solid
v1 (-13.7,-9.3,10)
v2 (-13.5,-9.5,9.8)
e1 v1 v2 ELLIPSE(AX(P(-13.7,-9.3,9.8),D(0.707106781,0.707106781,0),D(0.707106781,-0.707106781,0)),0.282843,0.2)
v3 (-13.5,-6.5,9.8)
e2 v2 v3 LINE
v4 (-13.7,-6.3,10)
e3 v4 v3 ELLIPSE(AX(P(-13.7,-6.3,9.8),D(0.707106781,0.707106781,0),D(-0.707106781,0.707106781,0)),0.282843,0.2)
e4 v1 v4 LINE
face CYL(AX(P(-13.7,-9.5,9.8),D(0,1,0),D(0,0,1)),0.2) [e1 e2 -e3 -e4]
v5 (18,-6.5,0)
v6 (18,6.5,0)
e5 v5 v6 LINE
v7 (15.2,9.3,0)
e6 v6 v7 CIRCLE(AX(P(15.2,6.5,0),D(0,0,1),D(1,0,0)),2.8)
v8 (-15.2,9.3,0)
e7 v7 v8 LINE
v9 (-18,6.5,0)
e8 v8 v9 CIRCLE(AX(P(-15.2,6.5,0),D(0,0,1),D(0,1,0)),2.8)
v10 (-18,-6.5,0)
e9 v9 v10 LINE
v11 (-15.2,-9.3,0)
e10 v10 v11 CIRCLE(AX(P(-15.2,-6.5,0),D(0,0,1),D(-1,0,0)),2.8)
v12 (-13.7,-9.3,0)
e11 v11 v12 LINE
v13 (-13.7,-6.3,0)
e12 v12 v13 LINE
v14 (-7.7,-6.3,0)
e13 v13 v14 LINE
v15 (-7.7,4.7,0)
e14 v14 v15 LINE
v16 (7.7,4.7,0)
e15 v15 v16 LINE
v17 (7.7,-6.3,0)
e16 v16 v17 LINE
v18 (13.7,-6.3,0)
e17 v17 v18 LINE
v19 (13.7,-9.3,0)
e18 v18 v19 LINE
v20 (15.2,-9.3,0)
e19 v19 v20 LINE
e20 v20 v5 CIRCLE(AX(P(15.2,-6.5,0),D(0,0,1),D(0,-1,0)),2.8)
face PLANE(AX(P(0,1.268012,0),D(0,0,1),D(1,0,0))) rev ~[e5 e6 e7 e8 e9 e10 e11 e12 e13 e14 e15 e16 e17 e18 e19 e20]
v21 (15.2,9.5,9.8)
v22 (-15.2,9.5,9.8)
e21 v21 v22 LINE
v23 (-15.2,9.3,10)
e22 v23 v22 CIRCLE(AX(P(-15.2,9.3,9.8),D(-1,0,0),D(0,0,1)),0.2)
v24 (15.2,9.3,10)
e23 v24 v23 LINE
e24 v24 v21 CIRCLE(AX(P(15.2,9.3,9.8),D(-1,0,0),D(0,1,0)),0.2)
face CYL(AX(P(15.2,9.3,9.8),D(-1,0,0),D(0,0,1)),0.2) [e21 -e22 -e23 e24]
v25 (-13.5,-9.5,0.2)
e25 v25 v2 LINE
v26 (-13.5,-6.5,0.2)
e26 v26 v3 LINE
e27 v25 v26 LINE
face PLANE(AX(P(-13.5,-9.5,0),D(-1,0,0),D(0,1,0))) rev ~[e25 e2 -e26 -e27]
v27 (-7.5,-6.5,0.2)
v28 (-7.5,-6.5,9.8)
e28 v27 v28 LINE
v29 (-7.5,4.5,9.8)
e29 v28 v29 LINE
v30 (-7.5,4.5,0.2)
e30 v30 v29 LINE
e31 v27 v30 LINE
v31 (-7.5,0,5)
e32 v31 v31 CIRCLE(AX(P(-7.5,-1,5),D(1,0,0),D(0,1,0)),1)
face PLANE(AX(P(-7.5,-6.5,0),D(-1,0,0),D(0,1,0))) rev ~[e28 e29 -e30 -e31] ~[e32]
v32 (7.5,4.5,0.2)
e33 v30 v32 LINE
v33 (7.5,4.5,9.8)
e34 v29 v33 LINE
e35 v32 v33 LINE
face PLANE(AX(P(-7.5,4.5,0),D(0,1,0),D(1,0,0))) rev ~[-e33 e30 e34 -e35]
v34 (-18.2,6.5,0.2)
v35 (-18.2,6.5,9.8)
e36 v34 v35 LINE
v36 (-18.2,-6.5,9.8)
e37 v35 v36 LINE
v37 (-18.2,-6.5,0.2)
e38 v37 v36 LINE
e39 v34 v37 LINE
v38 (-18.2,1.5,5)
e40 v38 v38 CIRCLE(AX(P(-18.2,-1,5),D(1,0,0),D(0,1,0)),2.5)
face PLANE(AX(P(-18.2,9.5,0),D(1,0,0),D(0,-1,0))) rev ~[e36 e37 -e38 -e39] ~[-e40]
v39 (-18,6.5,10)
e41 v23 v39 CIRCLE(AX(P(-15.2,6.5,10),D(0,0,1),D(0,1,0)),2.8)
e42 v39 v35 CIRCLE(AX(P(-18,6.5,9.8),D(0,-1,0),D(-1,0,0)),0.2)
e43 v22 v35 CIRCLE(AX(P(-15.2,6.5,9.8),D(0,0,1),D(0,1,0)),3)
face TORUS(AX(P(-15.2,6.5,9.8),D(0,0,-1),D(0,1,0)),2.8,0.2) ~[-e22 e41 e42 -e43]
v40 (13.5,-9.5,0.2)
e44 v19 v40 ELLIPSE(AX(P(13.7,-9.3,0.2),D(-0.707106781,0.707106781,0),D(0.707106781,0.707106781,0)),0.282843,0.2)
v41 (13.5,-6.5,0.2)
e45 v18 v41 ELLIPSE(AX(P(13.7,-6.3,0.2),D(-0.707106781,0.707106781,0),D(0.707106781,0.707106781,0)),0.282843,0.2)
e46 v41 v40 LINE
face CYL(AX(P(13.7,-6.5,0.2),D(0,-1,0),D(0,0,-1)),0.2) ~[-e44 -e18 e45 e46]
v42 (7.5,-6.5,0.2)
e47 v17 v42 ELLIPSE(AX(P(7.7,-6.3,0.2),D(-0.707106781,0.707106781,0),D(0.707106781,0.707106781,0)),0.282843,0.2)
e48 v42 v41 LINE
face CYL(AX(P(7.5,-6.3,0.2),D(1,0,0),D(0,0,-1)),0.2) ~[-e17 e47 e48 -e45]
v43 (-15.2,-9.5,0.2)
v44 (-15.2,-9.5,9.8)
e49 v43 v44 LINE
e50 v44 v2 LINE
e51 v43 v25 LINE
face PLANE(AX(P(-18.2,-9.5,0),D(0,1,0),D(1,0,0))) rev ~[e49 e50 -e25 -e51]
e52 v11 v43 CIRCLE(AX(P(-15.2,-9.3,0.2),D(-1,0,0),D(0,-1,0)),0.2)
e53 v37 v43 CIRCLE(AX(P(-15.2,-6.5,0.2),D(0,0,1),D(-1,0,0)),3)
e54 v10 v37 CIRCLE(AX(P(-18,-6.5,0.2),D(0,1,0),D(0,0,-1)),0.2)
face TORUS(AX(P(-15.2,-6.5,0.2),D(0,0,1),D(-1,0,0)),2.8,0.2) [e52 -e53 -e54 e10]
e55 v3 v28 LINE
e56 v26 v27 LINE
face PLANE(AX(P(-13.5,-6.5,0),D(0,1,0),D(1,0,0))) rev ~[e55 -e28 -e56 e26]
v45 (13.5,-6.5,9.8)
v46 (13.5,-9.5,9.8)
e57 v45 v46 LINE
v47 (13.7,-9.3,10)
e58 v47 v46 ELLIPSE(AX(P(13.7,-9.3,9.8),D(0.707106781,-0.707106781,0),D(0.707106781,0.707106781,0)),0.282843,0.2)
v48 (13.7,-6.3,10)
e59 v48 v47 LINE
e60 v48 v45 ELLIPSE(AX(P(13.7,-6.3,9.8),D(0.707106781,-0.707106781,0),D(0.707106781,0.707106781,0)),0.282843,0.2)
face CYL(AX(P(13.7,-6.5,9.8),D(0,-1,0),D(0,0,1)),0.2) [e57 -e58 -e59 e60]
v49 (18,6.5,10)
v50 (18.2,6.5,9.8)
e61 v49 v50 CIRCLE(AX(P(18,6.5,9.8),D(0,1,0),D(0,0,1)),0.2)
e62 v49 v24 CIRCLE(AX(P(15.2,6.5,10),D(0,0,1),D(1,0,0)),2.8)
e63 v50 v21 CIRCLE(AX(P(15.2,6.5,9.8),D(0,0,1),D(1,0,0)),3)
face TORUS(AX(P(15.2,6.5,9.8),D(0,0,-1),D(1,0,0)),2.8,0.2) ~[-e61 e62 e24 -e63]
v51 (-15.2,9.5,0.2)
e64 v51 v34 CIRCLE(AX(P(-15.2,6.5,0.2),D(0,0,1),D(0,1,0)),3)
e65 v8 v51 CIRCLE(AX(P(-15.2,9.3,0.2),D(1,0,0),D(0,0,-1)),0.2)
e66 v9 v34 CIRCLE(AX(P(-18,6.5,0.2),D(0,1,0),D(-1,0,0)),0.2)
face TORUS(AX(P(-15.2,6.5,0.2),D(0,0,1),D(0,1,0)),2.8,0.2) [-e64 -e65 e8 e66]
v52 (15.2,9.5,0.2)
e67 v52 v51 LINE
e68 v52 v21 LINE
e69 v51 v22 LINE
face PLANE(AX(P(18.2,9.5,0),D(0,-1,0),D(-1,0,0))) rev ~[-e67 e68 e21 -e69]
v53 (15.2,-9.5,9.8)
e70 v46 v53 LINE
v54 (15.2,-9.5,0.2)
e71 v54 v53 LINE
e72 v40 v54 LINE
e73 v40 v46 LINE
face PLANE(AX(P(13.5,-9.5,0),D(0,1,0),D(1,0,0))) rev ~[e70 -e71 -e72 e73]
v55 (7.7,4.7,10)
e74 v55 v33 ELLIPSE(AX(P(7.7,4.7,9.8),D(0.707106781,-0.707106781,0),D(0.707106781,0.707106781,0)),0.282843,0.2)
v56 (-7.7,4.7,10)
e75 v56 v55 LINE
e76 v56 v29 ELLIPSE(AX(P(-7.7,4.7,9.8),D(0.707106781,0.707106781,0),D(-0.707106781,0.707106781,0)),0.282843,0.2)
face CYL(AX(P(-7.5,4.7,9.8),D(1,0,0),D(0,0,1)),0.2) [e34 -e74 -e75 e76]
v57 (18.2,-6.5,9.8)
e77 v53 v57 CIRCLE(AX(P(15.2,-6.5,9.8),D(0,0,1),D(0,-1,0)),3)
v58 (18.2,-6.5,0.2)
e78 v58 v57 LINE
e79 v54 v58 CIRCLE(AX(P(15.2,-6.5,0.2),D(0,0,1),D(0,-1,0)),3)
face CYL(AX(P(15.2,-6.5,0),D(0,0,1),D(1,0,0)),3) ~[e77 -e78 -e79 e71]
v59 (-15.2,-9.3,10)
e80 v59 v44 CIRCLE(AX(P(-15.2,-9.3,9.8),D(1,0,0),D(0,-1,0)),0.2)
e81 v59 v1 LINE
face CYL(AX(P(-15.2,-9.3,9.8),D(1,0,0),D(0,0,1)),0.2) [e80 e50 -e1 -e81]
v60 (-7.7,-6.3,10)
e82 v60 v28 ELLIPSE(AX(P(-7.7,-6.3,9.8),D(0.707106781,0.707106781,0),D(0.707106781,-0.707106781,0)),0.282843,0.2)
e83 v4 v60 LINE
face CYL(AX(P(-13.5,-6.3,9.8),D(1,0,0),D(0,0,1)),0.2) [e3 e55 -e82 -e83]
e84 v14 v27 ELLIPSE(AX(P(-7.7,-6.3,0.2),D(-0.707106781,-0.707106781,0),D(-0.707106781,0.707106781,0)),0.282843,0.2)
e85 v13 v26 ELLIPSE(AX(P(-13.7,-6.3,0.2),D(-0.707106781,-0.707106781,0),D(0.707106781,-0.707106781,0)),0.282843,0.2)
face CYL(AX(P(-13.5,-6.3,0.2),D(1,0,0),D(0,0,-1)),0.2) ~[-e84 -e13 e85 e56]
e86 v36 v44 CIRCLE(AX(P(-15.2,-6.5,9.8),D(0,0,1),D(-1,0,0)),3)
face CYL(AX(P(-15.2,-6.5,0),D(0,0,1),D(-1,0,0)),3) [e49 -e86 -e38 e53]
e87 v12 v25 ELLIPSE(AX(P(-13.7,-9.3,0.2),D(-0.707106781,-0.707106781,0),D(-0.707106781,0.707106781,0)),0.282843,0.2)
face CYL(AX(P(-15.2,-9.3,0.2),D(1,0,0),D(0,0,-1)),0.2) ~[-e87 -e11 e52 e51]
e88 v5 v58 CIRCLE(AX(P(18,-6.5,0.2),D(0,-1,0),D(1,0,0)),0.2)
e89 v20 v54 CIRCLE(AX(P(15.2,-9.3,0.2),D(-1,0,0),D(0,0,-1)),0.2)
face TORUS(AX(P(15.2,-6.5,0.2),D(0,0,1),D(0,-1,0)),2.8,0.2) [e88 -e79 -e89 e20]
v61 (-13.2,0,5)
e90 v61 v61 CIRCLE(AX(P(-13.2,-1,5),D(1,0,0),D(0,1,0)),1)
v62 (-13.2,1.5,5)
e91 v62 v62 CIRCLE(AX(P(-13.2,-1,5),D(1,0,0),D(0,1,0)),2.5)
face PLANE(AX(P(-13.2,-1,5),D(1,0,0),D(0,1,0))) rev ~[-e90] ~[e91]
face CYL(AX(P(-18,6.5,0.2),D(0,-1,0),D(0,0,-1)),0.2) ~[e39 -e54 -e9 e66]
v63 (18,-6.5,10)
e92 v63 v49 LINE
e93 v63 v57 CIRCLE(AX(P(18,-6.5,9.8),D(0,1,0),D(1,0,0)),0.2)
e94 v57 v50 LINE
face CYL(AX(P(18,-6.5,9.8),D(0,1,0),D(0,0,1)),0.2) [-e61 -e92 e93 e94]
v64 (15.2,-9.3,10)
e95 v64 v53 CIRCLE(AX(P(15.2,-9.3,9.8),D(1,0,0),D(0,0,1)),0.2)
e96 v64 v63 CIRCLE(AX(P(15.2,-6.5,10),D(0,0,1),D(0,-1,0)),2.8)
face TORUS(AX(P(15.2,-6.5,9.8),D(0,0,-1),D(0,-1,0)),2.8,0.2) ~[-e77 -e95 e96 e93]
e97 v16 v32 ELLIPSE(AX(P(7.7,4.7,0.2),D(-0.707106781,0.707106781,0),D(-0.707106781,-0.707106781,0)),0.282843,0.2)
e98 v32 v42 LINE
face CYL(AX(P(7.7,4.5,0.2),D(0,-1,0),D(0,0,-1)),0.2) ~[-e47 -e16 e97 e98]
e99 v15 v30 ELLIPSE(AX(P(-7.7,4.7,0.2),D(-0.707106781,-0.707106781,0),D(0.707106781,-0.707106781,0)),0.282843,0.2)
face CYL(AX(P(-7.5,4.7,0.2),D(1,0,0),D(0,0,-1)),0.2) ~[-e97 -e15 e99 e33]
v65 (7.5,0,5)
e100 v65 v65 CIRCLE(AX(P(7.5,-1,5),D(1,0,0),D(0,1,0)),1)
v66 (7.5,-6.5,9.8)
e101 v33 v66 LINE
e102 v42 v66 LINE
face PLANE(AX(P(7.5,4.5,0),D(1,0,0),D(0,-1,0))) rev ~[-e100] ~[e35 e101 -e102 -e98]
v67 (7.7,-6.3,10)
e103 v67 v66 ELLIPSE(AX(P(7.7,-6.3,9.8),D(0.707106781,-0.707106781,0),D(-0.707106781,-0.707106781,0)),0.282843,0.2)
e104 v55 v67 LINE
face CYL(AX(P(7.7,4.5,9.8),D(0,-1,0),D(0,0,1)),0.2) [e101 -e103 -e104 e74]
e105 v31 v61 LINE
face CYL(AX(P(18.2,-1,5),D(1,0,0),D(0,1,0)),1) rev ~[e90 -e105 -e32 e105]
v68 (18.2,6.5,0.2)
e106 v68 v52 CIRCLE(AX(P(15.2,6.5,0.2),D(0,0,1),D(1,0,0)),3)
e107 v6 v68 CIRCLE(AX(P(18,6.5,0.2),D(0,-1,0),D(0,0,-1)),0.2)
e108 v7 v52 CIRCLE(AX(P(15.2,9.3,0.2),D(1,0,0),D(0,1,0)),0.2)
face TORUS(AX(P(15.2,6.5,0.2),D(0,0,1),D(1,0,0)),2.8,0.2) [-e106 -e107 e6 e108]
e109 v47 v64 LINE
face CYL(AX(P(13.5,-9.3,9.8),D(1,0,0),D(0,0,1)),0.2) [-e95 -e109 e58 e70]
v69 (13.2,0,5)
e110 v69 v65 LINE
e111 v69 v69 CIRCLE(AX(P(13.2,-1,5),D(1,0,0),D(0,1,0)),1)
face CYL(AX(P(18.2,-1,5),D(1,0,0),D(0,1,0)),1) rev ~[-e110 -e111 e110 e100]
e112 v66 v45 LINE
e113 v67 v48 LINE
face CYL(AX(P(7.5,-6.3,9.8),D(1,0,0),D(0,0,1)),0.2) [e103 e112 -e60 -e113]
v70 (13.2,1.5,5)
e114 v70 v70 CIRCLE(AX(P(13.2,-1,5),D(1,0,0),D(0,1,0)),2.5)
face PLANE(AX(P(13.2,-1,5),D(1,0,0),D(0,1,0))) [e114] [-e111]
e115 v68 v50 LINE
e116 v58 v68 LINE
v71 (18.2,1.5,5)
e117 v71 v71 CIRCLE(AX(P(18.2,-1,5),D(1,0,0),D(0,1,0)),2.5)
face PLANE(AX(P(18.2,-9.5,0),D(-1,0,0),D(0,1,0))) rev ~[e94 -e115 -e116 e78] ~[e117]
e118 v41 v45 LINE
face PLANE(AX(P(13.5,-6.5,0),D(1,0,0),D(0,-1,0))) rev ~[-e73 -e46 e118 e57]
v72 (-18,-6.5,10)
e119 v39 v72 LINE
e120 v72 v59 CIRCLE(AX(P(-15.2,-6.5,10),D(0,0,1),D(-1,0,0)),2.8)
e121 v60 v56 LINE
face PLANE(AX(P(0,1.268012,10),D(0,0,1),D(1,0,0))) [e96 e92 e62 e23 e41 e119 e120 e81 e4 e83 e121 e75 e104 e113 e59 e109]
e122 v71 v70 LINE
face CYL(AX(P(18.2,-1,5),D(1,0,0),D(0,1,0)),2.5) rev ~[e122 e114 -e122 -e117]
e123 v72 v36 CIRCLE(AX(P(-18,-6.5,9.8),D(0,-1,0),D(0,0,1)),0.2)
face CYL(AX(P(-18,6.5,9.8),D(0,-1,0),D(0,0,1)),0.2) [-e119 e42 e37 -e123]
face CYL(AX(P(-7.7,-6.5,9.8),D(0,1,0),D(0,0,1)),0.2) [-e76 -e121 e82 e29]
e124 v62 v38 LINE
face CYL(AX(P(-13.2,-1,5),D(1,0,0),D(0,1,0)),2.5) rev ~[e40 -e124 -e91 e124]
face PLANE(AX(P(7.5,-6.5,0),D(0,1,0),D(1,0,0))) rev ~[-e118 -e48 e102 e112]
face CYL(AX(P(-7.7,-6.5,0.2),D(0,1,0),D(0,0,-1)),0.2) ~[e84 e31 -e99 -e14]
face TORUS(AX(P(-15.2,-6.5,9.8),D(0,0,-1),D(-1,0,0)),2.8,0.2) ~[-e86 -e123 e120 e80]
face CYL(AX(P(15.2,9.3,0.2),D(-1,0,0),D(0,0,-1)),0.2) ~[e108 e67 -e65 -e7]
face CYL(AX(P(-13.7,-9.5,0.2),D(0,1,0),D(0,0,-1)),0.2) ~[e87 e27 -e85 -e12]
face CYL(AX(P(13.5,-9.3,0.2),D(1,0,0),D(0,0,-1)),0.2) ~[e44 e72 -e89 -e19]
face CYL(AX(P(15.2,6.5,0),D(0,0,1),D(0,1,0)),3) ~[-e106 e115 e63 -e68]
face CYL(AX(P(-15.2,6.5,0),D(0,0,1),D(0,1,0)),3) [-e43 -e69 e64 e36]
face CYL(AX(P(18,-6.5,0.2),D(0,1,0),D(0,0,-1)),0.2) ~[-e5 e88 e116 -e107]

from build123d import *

# Parameters (mm, degrees)
EXTRUDE_1_DEPTH     = 10
SKETCH_2_R          = 1
CUT_EXTRUDE_1_DEPTH = 39.925698452
SKETCH_3_R          = 2.5
CUT_EXTRUDE_2_DEPTH = 5
CUT_EXTRUDE_START   = -31.4
SKETCH_3_2_R        = 2.5
CUT_EXTRUDE_3_DEPTH = 5
FILLET_1_R          = 3
FILLET_2_R          = 0.2


with BuildPart() as part:
    # 스케치1 → 보스-돌출1 (new body)
    with BuildSketch(Plane.XY):
        Polygon((18.2, 9.5), (-18.2, 9.5), (-18.2, -9.5), (-13.5, -9.5), (-13.5, -6.5), (-7.5, -6.5), (-7.5, 4.5), (7.5, 4.5), (7.5, -6.5), (13.5, -6.5), (13.5, -9.5), (18.2, -9.5), align=None)
    extrude(amount=EXTRUDE_1_DEPTH)

    # 스케치2 → 컷-돌출1 (cut, through all)
    with BuildSketch(Plane(origin=(18.2, 0, 0), x_dir=(0, 0, -1), z_dir=(1, 0, 0))):
        with Locations(Location((-5, -1, 0), (0, 0, 90))):
            Circle(SKETCH_2_R)
    extrude(amount=-CUT_EXTRUDE_1_DEPTH, mode=Mode.SUBTRACT)

    # 스케치3 → 컷-돌출2 (cut)
    with BuildSketch(Plane(origin=(18.2, 0, 0), x_dir=(0, 0, -1), z_dir=(1, 0, 0))):
        with Locations(Location((-5, -1, 0), (0, 0, 90))):
            Circle(SKETCH_3_R)
    extrude(amount=-CUT_EXTRUDE_2_DEPTH, mode=Mode.SUBTRACT)

    # 스케치3<2> → 컷-돌출3 (cut)
    with BuildSketch(Plane(origin=(18.2, 0, 0), x_dir=(0, 0, -1), z_dir=(1, 0, 0)).offset(CUT_EXTRUDE_START)):
        with Locations(Location((-5, -1, 0), (0, 0, 90))):
            Circle(SKETCH_3_2_R)
    extrude(amount=-CUT_EXTRUDE_3_DEPTH, mode=Mode.SUBTRACT)

    # 필렛1
    fillet_1_edges = [part.edges().sort_by_distance(p)[0] for p in [
        (-18.2, -9.5, 5),
        (-18.2, 9.5, 5),
        (18.2, 9.5, 5),
        (18.2, -9.5, 5),
    ]]
    fillet(fillet_1_edges, radius=FILLET_1_R)

    # 필렛2
    fillet_2_edges = [part.edges().sort_by_distance(p)[0] for p in [
        (14.35, -9.5, 10),
        (10.5, -6.5, 0),
        (7.5, -1, 0),
        (0, 4.5, 0),
        (-7.5, -1, 0),
        (-10.5, -6.5, 0),
        (-13.5, -8, 0),
        (14.35, -9.5, 0),
        (13.5, -8, 0),
        (-13.5, -8, 10),
        (-10.5, -6.5, 10),
        (-7.5, -1, 10),
        (0, 4.5, 10),
        (7.5, -1, 10),
        (-14.35, -9.5, 0),
        (-14.35, -9.5, 10),
        (10.5, -6.5, 10),
        (-18.2, 0, 0),
        (13.5, -8, 10),
        (0, 9.5, 0),
        (18.2, 0, 0),
        (17.321320344, 8.621320344, 0),
        (-17.321320344, 8.621320344, 0),
        (17.321320344, -8.621320344, 0),
        (-17.321320344, -8.621320344, 0),
        (-18.2, 0, 10),
        (18.2, 0, 10),
        (0, 9.5, 10),
        (17.321320344, 8.621320344, 10),
        (-17.321320344, 8.621320344, 10),
        (17.321320344, -8.621320344, 10),
        (-17.321320344, -8.621320344, 10),
    ]]
    fillet(fillet_2_edges, radius=FILLET_2_R)


solid = part.part
